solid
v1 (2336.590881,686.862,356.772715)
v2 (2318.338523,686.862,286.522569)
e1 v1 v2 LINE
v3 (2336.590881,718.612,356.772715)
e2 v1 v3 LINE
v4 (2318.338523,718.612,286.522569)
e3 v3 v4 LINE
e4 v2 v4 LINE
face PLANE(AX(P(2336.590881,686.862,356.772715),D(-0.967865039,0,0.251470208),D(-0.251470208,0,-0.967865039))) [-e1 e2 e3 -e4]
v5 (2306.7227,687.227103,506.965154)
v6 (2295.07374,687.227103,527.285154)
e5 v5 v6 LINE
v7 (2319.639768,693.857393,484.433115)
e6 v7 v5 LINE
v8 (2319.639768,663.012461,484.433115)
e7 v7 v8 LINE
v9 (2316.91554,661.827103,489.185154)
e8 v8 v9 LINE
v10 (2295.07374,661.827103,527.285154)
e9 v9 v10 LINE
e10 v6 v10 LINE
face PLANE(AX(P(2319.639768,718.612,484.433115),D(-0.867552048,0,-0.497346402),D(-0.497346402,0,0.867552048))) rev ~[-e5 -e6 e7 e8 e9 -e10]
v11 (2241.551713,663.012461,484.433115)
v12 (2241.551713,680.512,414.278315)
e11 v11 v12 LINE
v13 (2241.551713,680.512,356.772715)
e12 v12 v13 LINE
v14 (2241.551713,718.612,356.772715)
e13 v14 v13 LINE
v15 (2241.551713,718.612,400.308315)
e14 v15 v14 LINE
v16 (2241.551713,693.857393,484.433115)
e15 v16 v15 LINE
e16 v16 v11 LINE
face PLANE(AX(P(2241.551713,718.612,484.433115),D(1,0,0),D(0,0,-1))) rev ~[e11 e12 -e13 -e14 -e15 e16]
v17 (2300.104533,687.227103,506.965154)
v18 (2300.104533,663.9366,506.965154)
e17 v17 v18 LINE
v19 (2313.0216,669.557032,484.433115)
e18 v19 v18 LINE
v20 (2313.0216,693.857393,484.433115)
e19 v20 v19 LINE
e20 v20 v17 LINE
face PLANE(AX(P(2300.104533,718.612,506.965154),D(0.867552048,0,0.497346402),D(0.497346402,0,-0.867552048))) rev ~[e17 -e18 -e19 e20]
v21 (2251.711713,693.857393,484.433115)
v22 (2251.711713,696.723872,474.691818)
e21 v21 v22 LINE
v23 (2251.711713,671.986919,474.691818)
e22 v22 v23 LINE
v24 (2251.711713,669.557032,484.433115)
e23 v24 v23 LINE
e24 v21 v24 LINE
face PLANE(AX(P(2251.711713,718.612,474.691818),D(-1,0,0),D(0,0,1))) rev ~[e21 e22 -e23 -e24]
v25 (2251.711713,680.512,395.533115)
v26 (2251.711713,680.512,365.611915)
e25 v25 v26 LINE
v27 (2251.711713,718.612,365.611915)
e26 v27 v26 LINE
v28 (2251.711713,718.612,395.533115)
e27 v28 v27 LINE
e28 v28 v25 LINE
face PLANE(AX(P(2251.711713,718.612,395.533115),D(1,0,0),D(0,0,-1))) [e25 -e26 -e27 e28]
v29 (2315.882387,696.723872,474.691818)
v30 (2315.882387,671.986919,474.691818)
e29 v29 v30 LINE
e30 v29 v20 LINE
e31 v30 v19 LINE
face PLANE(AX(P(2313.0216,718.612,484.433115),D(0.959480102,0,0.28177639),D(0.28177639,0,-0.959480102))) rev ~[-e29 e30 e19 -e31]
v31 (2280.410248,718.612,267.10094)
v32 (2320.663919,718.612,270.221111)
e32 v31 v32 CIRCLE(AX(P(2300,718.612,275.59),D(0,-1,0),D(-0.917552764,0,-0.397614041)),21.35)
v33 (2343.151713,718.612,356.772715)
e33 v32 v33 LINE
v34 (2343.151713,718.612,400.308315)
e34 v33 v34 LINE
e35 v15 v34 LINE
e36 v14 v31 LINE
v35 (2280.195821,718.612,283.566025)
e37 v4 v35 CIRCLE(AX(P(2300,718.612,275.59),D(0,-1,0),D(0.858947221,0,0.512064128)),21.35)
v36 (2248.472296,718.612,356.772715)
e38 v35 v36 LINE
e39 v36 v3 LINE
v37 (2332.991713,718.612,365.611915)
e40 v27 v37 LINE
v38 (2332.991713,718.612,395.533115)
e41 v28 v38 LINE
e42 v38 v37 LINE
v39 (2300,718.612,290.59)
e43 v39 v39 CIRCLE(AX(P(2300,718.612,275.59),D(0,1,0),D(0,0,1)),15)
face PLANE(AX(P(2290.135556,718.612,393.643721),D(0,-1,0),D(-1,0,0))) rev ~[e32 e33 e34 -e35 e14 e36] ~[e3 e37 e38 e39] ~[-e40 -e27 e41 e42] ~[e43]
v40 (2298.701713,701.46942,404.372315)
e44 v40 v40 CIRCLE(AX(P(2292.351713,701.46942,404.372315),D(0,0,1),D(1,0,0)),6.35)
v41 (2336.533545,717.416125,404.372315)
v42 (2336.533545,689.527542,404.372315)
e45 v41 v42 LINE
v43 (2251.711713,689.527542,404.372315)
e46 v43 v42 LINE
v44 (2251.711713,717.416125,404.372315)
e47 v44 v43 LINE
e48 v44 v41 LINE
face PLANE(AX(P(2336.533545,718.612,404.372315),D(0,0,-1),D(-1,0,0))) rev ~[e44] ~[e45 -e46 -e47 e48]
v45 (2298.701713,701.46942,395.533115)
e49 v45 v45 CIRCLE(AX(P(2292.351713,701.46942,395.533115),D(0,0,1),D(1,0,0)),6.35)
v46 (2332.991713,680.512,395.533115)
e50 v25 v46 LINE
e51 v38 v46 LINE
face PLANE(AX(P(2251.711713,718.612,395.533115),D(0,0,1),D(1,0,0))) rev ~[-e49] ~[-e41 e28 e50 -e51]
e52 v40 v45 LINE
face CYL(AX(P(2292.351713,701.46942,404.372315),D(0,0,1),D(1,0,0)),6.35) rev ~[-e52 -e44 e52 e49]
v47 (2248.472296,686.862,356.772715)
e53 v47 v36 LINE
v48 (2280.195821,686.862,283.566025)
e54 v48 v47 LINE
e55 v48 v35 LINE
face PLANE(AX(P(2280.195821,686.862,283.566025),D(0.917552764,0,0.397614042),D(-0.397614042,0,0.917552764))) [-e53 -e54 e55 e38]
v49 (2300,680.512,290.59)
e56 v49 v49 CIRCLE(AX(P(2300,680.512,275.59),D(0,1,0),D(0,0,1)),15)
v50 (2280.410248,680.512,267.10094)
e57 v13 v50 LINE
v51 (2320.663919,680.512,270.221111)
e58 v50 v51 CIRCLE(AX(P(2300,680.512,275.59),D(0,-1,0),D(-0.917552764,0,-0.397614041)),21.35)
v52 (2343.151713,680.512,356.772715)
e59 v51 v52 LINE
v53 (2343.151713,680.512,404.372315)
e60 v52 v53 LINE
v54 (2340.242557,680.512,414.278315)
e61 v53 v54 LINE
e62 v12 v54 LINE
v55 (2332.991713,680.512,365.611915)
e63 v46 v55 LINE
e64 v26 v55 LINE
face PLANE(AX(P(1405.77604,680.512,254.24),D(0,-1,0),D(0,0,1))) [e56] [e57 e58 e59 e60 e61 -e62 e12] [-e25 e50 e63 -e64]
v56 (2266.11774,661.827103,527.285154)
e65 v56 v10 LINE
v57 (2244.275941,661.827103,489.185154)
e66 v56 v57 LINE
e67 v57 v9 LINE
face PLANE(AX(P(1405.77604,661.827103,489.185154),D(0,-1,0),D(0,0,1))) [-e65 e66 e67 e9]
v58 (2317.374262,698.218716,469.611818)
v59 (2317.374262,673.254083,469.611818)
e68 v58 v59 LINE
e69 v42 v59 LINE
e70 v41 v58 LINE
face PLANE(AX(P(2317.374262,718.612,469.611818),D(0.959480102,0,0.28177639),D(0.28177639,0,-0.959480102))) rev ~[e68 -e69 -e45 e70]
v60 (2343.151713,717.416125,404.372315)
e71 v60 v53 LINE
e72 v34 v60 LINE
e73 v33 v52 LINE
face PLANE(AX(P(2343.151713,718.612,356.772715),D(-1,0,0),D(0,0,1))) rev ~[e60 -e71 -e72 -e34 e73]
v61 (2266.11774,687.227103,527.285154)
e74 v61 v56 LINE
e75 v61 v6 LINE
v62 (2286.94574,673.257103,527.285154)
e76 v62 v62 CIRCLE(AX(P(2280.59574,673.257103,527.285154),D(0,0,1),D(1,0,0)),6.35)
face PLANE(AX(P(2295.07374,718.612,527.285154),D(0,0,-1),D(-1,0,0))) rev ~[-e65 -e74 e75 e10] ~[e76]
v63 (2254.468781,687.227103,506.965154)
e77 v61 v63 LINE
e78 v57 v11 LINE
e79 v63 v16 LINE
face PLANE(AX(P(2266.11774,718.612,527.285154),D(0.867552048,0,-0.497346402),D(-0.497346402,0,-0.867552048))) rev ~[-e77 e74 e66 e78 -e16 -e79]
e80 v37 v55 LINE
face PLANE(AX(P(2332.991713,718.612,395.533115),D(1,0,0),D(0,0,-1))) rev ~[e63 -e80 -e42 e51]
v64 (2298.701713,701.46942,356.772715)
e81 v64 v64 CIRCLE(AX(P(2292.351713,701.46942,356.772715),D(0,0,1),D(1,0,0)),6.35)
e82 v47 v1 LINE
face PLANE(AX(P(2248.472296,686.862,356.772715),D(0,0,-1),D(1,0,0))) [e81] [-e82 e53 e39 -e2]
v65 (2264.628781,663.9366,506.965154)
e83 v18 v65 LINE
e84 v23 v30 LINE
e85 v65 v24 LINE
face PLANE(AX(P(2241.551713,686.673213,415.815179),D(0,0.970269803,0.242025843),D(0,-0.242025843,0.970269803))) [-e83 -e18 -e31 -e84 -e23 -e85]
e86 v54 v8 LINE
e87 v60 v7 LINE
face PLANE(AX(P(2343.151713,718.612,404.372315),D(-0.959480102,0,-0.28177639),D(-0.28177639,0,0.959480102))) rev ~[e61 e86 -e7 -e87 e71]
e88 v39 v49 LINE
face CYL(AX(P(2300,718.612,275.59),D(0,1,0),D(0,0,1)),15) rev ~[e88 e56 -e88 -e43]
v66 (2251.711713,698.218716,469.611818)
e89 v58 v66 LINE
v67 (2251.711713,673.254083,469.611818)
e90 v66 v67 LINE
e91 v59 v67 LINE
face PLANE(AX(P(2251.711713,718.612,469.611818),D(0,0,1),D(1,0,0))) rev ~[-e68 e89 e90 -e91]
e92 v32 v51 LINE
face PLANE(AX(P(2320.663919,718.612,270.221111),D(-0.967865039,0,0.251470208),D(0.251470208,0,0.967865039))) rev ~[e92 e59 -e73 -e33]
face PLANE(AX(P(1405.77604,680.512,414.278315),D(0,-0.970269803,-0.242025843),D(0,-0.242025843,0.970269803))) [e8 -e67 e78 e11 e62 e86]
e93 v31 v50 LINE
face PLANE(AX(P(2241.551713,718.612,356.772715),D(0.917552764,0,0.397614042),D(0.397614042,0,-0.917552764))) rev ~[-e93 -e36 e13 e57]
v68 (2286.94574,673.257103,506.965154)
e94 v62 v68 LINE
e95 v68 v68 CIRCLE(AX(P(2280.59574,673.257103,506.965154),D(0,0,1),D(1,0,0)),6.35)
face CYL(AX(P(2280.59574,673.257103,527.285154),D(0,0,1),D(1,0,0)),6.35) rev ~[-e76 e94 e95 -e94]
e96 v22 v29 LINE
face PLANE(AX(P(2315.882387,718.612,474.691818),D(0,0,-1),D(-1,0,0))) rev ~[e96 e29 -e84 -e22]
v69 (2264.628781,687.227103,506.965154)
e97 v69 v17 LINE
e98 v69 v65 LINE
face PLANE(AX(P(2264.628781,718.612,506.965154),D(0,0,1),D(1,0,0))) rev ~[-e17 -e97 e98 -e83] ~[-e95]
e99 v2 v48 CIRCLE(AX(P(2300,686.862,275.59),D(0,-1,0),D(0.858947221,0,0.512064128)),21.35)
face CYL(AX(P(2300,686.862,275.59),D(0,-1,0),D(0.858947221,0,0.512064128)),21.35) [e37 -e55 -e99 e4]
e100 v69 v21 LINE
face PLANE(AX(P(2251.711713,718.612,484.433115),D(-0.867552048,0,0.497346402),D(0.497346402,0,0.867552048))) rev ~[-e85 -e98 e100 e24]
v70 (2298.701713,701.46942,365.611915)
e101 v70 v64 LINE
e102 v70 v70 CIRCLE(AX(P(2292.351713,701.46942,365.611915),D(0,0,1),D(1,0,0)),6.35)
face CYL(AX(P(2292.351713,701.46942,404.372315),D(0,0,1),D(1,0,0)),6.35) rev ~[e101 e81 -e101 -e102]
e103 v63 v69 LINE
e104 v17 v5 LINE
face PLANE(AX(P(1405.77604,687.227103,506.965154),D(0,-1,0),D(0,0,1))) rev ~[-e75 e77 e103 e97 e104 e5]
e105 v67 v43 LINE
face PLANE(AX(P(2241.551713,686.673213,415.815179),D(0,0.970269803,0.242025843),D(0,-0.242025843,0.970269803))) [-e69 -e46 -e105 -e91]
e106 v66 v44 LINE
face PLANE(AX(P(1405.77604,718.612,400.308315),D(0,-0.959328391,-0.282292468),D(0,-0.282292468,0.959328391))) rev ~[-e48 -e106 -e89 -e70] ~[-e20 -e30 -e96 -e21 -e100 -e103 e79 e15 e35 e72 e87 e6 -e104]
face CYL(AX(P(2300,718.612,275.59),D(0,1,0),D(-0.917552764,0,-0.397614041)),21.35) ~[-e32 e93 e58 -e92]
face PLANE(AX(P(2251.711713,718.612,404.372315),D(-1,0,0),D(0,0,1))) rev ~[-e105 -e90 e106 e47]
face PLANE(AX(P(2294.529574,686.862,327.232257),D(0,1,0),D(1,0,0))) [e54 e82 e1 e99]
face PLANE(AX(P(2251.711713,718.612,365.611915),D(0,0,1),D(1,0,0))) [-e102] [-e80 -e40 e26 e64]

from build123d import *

# Parameters (mm, degrees)
SKETCH1_R                      = 15
SKETCH1_W                      = 81.28
SKETCH1_H                      = 29.9212
BOSS_EXTRUDE1_DEPTH            = 88.9
CUT_EXTRUDE1_DEPTH             = 894.223960082
CUT_EXTRUDE1_DEPTH_BACK        = 894.223960082
CUT_EXTRUDE2_REACH             = 2404.418
CUT_EXTRUDE2_DIRECTION_2_DEPTH = 2403.418387278
CUT_EXTRUDE3_DEPTH             = 2403.418387278
CUT_EXTRUDE3_DEPTH_BACK        = 31.75
SKETCH6_R                      = 6.35
CUT_EXTRUDE4_DEPTH             = 31.75
SKETCH7_R                      = 6.35
CUT_EXTRUDE5_DEPTH             = 50.8


with BuildPart() as part:
    # Sketch1 → Boss-Extrude1 (new body)
    with BuildSketch(Plane(origin=(0, 718.612000035, 0), x_dir=(1, 0, 0), z_dir=(0, 1, 0))):
        with BuildLine():
            Line((2295.073740346, -527.28515435), (2266.117740346, -527.28515435))
            Line((2266.117740346, -527.28515435), (2241.551712769, -484.433115091))
            Line((2241.551712769, -484.433115091), (2241.551712769, -356.772715091))
            Line((2241.551712769, -356.772715091), (2280.410248463, -267.100940225))
            ThreePointArc((2280.410248463, -267.100940225), (2301.649946984, -254.303850194), (2320.663918503, -270.221111063))
            Line((2320.663918503, -270.221111063), (2343.151712769, -356.772715091))
            Line((2343.151712769, -356.772715091), (2343.151712769, -404.372315091))
            Line((2343.151712769, -404.372315091), (2319.639767922, -484.433115091))
            Line((2319.639767922, -484.433115091), (2295.073740346, -527.28515435))
        make_face()
        with Locations(Location((2299.99999994, -275.59, 0), (0, 0, 270))):
            Circle(SKETCH1_R, mode=Mode.SUBTRACT)
        with Locations((2292.351712769, -380.572515091)):
            Rectangle(SKETCH1_W, SKETCH1_H, mode=Mode.SUBTRACT)
    extrude(amount=-BOSS_EXTRUDE1_DEPTH)

    # Sketch3 → Cut-Extrude1 (cut, two sides: drawn at the far end of the back side and taken through both)
    with BuildSketch(Plane(origin=(2299.99999994, 0, 0), x_dir=(0, 0, -1), z_dir=(1, 0, 0)).offset(-CUT_EXTRUDE1_DEPTH_BACK)):
        Polygon((-254.240000028, 680.512000035), (-414.278315091, 680.512000035), (-489.18515435, 661.827103465), (-527.28515435, 661.827103465), (-527.28515435, 629.712000035), (-254.240000028, 629.712000035), align=None)
        Polygon((-527.28515435, 687.227103465), (-527.28515435, 718.612000035), (-400.308315091, 718.612000035), (-506.96515435, 687.227103465), align=None)
    extrude(amount=CUT_EXTRUDE1_DEPTH + CUT_EXTRUDE1_DEPTH_BACK, mode=Mode.SUBTRACT)

    # Cut-Extrude2: up to this plane
    cut_extrude2_end = Plane(origin=(2241.551712769, 686.673213286, 415.815179194), z_dir=(0, 0.9702698033545601, 0.24202584303810049))
    # Sketch4 → Cut-Extrude2 (cut, up to the surface)
    with BuildSketch(Plane(origin=(0, 718.612000035, 0), x_dir=(1, 0, 0), z_dir=(0, 1, 0)), mode=Mode.PRIVATE) as cut_extrude2_sk1:
        Polygon((2317.374261561, -469.611817535), (2336.533545297, -404.372315091), (2251.711712769, -404.372315091), (2251.711712769, -469.611817535), align=None)
    cut_extrude2_tool1 = split(extrude(cut_extrude2_sk1.sketch, amount=-CUT_EXTRUDE2_REACH, mode=Mode.PRIVATE), bisect_by=cut_extrude2_end, keep=Keep.BOTH, mode=Mode.PRIVATE)
    add(cut_extrude2_tool1.solids().sort_by_distance((2289.536084, 718.612, 435.607712))[0], mode=Mode.SUBTRACT)
    # Sketch4 → Cut-Extrude2 (cut, up to the surface)
    with BuildSketch(Plane(origin=(0, 718.612000035, 0), x_dir=(1, 0, 0), z_dir=(0, 1, 0)), mode=Mode.PRIVATE) as cut_extrude2_sk2:
        Polygon((2313.02160045, -484.433115091), (2315.882386888, -474.691817535), (2251.711712769, -474.691817535), (2251.711712769, -484.433115091), (2264.6287806, -506.96515435), (2300.104532619, -506.96515435), align=None)
    cut_extrude2_tool2 = split(extrude(cut_extrude2_sk2.sketch, amount=-CUT_EXTRUDE2_REACH, mode=Mode.PRIVATE), bisect_by=cut_extrude2_end, keep=Keep.BOTH, mode=Mode.PRIVATE)
    add(cut_extrude2_tool2.solids().sort_by_distance((2282.625495, 718.612, 489.24748))[0], mode=Mode.SUBTRACT)

    # Sketch4 → Cut-Extrude2 direction 2 (cut)
    with BuildSketch(Plane(origin=(0, 718.612000035, 0), x_dir=(1, 0, 0), z_dir=(0, 1, 0))):
        Polygon((2317.374261561, -469.611817535), (2336.533545297, -404.372315091), (2251.711712769, -404.372315091), (2251.711712769, -469.611817535), align=None)
        Polygon((2313.02160045, -484.433115091), (2315.882386888, -474.691817535), (2251.711712769, -474.691817535), (2251.711712769, -484.433115091), (2264.6287806, -506.96515435), (2300.104532619, -506.96515435), align=None)
    extrude(amount=CUT_EXTRUDE2_DIRECTION_2_DEPTH, mode=Mode.SUBTRACT)

    # Sketch5 → Cut-Extrude3 (cut, two sides: drawn at the far end of the back side and taken through both)
    with BuildSketch(Plane(origin=(0, 718.612000035, 0), x_dir=(1, 0, 0), z_dir=(0, 1, 0)).offset(-CUT_EXTRUDE3_DEPTH_BACK)):
        with BuildLine():
            Line((2336.590880718, -356.772715091), (2318.338523091, -286.522569115))
            ThreePointArc((2318.338523091, -286.522569115), (2298.350052896, -296.876149806), (2280.195820512, -283.566025074))
            Line((2280.195820512, -283.566025074), (2248.472295676, -356.772715091))
            Line((2248.472295676, -356.772715091), (2336.590880718, -356.772715091))
        make_face()
    extrude(amount=CUT_EXTRUDE3_DEPTH + CUT_EXTRUDE3_DEPTH_BACK, mode=Mode.SUBTRACT)

    # Sketch6 → Cut-Extrude4 (cut)
    with BuildSketch(Plane.XY.offset(527.28515435)):
        with Locations((2280.595740346, 673.257103465)):
            Circle(SKETCH6_R)
    extrude(amount=-CUT_EXTRUDE4_DEPTH, mode=Mode.SUBTRACT)

    # Sketch7 → Cut-Extrude5 (cut)
    with BuildSketch(Plane.XY.offset(404.372315091)):
        with Locations((2292.351712769, 701.469420385)):
            Circle(SKETCH7_R)
    extrude(amount=-CUT_EXTRUDE5_DEPTH, mode=Mode.SUBTRACT)


solid = part.part
